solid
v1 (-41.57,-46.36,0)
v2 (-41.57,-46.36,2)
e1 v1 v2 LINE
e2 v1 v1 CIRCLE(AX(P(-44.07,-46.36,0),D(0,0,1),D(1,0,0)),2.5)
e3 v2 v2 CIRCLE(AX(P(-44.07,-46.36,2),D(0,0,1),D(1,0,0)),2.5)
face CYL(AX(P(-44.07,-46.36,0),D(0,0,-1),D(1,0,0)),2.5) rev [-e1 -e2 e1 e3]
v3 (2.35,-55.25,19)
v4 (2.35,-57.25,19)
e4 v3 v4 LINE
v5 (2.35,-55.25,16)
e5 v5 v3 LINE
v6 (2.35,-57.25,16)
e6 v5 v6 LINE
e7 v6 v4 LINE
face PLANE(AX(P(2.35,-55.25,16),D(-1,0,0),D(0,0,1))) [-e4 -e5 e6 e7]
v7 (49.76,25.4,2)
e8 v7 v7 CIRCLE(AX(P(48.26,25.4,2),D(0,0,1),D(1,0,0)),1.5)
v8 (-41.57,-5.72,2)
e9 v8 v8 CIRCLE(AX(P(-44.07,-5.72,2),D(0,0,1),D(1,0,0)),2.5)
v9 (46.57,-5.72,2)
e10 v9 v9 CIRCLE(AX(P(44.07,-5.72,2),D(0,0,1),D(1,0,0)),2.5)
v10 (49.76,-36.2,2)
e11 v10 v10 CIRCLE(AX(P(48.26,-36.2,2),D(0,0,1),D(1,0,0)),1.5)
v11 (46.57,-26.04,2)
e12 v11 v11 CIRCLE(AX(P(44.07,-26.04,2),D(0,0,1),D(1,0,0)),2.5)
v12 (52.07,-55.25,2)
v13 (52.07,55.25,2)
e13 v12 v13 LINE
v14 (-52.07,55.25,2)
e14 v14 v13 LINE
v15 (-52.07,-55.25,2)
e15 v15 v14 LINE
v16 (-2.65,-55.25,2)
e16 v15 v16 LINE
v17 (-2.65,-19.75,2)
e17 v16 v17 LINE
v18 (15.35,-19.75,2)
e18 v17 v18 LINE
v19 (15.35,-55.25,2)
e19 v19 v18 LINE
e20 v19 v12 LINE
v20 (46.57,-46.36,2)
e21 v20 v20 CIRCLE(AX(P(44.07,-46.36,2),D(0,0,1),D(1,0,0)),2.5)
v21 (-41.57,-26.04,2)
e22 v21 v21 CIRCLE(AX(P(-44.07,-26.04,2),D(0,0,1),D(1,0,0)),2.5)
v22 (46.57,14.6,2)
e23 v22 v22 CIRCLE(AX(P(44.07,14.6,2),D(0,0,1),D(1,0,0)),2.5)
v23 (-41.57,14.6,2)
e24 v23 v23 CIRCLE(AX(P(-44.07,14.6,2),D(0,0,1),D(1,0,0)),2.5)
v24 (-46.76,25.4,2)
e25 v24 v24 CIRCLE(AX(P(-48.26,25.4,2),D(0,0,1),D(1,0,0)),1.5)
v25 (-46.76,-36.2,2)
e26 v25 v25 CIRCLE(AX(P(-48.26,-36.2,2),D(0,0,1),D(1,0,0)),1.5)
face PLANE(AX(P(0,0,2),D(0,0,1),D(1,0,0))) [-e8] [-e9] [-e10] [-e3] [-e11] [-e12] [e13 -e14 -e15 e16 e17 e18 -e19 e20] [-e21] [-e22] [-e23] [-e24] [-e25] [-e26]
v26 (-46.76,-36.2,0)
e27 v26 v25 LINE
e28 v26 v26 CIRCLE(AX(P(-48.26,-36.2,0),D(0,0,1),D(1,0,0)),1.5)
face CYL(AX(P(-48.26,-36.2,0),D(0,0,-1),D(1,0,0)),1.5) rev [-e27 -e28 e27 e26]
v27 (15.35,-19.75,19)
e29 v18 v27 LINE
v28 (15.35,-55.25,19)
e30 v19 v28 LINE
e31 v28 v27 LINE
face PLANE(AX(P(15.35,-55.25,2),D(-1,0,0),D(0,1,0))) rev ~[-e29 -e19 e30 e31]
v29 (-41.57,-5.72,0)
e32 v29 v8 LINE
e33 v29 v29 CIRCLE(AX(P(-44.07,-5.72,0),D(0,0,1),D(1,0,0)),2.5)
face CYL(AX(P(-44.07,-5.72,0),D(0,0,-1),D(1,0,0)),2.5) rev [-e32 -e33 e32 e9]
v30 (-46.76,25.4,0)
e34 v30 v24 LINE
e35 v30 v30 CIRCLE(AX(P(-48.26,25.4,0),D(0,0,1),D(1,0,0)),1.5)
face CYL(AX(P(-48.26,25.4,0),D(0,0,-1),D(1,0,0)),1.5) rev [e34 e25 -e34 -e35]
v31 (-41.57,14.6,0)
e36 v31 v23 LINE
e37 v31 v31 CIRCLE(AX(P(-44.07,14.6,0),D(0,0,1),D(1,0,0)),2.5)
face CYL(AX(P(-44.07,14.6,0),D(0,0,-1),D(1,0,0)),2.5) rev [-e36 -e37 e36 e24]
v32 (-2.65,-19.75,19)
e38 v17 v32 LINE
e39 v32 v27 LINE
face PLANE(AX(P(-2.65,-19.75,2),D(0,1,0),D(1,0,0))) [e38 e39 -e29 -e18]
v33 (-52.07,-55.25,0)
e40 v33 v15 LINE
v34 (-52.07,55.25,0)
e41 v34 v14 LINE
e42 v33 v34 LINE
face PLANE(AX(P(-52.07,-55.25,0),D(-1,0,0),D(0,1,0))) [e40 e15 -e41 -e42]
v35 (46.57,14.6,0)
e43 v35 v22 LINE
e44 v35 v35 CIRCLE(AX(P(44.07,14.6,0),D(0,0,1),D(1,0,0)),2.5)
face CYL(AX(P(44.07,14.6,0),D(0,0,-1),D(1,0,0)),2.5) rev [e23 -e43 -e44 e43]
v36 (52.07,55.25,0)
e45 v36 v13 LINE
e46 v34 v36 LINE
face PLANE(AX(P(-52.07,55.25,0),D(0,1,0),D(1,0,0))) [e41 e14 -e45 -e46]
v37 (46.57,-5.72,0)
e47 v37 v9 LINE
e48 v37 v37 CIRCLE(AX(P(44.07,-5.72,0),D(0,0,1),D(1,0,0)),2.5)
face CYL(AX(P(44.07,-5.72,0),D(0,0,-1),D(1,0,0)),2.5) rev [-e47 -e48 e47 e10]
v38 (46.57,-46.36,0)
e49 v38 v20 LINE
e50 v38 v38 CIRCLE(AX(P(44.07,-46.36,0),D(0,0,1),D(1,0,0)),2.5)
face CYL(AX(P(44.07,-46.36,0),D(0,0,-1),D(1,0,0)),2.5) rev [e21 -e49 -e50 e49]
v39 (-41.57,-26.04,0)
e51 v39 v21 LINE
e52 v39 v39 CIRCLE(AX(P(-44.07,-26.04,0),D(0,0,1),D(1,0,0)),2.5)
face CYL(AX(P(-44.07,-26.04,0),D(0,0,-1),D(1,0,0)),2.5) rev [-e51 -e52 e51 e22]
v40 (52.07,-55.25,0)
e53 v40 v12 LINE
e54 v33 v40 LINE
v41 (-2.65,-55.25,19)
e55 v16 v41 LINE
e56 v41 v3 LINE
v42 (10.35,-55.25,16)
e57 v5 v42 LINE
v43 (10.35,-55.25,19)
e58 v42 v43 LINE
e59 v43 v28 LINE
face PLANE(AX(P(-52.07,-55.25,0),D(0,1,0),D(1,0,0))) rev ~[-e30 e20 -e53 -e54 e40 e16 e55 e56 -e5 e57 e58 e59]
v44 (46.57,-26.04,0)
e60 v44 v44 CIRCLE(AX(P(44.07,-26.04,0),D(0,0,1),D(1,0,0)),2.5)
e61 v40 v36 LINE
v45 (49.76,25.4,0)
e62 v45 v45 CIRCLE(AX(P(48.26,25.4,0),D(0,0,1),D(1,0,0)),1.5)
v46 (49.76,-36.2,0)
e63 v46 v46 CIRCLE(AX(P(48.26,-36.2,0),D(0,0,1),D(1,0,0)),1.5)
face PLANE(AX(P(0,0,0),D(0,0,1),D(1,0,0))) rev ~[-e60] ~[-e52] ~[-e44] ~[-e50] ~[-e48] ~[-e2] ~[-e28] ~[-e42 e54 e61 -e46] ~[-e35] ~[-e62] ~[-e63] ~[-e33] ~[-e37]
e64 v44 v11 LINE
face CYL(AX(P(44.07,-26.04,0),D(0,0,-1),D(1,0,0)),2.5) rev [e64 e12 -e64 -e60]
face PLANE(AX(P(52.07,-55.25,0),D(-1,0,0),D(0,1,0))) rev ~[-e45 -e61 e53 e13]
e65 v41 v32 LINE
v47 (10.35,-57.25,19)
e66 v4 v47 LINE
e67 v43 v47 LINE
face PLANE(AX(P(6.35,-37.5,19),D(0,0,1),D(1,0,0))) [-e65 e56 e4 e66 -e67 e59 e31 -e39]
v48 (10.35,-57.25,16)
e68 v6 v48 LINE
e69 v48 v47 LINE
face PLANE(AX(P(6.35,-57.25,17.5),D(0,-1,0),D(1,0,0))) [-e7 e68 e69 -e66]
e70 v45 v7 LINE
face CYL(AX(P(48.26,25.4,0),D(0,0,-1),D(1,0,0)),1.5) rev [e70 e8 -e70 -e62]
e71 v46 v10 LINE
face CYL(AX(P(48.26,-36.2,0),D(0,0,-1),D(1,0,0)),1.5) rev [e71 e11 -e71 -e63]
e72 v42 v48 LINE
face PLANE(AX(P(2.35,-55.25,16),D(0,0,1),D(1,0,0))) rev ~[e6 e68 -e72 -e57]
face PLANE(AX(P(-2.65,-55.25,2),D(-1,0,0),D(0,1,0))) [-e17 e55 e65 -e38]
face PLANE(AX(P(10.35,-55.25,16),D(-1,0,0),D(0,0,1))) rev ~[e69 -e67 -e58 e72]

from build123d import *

# Parameters (mm, degrees)
F0_W     = 104.14
F0_H     = 110.5
F0_R     = 2.5
F0_R_2   = 1.5
F1_DEPTH = 2
F3_W     = 18
F3_H     = 35.5
F4_DEPTH = 17
F6_W     = 8
F6_H     = 3
F7_DEPTH = 2


with BuildPart() as f1:
    # F0 (on Top) → F1 (new body)
    with BuildSketch(Plane.XY):
        Rectangle(F0_W, F0_H)
        with Locations((-44.07, -46.36)):
            Circle(F0_R, mode=Mode.SUBTRACT)
        with Locations((-48.26, -36.2)):
            Circle(F0_R_2, mode=Mode.SUBTRACT)
        with Locations((-44.07, -26.04)):
            Circle(F0_R, mode=Mode.SUBTRACT)
        with Locations((-44.07, -5.72)):
            Circle(F0_R, mode=Mode.SUBTRACT)
        with Locations((44.07, -46.36)):
            Circle(F0_R, mode=Mode.SUBTRACT)
        with Locations((48.26, -36.2)):
            Circle(F0_R_2, mode=Mode.SUBTRACT)
        with Locations((44.07, -26.04)):
            Circle(F0_R, mode=Mode.SUBTRACT)
        with Locations((44.07, -5.72)):
            Circle(F0_R, mode=Mode.SUBTRACT)
        with Locations((-44.07, 14.6)):
            Circle(F0_R, mode=Mode.SUBTRACT)
        with Locations((-48.26, 25.4)):
            Circle(F0_R_2, mode=Mode.SUBTRACT)
        with Locations((44.07, 14.6)):
            Circle(F0_R, mode=Mode.SUBTRACT)
        with Locations((48.26, 25.4)):
            Circle(F0_R_2, mode=Mode.SUBTRACT)
    extrude(amount=F1_DEPTH)

    # F3 (on offset) → F4 (join)
    with BuildSketch(Plane.XY.offset(2)):
        with Locations((6.35, -37.5)):
            Rectangle(F3_W, F3_H)
    extrude(amount=F4_DEPTH)

    # F6 (on offset) → F7 (join)
    with BuildSketch(Plane.XZ.offset(55.25)):
        with Locations((6.35, 17.5)):
            Rectangle(F6_W, F6_H)
    extrude(amount=F7_DEPTH)


solid = f1.part
